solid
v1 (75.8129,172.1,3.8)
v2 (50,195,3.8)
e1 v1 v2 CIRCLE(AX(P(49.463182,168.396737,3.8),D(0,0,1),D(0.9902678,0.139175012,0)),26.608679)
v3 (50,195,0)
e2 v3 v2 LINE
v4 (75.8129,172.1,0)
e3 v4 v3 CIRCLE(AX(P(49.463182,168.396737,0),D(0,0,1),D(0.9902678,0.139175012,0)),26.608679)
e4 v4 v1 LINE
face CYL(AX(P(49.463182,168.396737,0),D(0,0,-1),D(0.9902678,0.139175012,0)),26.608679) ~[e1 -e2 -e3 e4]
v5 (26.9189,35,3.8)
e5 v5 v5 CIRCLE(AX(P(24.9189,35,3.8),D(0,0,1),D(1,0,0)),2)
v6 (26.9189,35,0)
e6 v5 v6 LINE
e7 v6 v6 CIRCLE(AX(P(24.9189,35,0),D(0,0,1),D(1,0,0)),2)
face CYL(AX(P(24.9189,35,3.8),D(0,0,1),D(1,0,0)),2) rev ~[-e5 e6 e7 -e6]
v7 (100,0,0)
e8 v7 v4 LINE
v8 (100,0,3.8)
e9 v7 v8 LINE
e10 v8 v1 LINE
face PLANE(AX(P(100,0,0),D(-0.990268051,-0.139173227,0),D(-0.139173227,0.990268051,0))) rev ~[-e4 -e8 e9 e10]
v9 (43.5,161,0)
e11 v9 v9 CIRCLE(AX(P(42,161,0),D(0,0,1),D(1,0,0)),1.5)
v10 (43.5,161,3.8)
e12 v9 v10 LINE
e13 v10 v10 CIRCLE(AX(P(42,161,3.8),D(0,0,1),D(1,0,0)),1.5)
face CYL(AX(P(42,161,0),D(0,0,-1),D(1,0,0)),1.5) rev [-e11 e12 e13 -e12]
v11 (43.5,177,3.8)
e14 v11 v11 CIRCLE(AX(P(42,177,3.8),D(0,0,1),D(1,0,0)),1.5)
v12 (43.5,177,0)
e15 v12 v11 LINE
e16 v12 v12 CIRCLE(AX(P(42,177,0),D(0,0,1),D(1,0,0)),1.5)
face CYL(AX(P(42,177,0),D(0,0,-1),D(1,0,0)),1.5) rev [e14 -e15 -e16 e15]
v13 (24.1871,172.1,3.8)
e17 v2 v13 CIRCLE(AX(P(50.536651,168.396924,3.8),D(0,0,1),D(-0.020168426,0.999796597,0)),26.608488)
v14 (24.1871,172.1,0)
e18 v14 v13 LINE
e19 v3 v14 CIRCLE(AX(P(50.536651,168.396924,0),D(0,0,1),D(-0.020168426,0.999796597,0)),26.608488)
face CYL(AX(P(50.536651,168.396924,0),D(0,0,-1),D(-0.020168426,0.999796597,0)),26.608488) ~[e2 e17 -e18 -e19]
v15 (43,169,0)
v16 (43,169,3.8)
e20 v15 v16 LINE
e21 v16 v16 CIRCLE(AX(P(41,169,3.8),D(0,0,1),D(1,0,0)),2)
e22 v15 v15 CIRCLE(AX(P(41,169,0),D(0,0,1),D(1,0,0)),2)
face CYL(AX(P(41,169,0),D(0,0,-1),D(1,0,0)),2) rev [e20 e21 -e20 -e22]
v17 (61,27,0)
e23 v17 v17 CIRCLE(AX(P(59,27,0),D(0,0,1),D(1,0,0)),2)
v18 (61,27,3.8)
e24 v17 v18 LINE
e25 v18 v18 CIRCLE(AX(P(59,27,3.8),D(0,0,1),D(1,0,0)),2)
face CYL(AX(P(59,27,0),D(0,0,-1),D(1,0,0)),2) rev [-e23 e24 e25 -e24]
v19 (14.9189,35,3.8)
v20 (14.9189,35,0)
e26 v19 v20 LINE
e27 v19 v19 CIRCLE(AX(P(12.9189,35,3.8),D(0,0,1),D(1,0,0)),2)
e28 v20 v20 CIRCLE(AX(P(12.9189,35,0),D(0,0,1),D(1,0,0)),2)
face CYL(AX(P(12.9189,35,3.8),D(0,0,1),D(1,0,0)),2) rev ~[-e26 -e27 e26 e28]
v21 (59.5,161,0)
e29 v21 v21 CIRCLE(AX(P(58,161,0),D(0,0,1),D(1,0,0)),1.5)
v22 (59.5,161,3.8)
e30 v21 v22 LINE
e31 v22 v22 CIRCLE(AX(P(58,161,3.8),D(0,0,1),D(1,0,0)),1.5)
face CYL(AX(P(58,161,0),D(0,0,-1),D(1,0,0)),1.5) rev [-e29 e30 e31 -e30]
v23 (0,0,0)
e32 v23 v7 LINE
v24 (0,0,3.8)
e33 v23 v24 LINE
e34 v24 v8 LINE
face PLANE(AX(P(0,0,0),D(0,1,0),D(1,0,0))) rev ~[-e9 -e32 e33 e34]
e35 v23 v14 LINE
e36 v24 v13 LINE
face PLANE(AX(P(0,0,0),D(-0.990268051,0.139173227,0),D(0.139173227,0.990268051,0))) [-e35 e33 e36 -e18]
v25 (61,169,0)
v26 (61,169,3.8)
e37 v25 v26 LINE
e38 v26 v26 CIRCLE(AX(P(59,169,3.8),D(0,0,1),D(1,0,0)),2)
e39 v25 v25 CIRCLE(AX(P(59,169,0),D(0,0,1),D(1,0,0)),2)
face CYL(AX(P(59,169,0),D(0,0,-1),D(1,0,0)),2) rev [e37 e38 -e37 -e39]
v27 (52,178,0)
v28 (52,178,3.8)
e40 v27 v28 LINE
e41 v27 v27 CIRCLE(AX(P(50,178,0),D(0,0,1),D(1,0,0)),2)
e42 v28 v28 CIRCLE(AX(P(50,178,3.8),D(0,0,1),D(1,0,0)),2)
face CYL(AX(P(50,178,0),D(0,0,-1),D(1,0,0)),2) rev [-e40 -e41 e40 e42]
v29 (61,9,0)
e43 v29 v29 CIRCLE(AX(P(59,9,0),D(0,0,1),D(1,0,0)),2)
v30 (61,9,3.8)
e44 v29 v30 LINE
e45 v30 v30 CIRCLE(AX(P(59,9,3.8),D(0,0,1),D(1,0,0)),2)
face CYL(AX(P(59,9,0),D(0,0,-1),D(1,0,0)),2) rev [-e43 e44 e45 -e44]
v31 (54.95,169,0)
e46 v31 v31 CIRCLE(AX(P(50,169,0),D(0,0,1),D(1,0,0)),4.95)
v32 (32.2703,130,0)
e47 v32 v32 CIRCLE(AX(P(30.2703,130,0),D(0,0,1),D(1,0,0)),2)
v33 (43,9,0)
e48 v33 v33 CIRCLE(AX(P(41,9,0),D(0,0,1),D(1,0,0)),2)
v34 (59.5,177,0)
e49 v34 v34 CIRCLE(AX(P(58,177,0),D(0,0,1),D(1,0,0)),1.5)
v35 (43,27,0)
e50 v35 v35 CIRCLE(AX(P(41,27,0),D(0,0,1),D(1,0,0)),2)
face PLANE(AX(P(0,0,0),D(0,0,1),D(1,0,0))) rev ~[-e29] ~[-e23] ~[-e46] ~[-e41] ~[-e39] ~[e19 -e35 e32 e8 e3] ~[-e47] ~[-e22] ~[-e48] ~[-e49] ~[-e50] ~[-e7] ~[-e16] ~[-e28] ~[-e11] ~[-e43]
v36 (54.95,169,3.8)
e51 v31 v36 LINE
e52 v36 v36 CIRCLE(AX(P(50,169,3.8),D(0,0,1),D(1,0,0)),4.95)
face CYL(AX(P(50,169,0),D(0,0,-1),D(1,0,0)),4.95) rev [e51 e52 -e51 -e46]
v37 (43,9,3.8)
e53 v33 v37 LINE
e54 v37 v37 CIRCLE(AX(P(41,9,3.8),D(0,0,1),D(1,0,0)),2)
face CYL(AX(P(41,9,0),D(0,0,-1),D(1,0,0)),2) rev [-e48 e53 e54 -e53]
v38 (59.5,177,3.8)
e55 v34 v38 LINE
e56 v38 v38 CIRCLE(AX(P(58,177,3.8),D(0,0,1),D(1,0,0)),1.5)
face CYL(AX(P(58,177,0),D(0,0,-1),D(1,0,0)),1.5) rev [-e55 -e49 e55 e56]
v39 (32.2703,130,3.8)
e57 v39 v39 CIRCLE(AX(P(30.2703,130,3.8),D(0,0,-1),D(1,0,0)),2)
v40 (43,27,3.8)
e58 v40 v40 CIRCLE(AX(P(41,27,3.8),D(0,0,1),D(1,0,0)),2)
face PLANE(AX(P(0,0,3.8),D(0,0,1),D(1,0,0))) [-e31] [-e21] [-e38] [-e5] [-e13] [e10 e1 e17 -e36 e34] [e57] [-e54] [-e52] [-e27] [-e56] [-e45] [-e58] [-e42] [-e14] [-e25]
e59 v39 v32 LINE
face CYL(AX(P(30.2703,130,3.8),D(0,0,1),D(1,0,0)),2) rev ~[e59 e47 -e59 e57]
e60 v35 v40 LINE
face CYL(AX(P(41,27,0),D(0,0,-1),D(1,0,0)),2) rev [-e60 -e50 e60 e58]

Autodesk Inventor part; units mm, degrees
ref_plane "YZ Plane" through (0, 0, 0) normal (1, 0, 0) x (0, 1, 0)
ref_plane "XZ Plane" through (0, 0, 0) normal (0, 1, 0) x (-1, 0, 0)
ref_plane "XY Plane" through (0, 0, 0) normal (0, 0, 1) x (1, 0, 0)
sketch "Sketch3" plane through (0, 0, 0) normal (0, 0, 1) x (1, 0, 0)
  line L0 (0, 0) -> (100, 0)
  line L1 (100, 0) -> (100, 195) construction
  line L2 (100, 195) -> (0, 195) construction
  line L3 (0, 195) -> (0, 0) construction
  line L4 (50, 0) -> (50, 169) construction
  circle A0 centre (50, 169) radius 4.95
  line L5 (42, 161) -> (58, 161) construction
  line L6 (58, 161) -> (58, 177) construction
  line L7 (58, 177) -> (42, 177) construction
  line L8 (42, 177) -> (42, 161) construction
  line L9 (42, 161) -> (58, 177) construction
  line L10 (58, 161) -> (42, 177) construction
  circle A1 centre (42, 177) radius 1.5
  circle A2 centre (58, 177) radius 1.5
  circle A3 centre (42, 161) radius 1.5
  circle A4 centre (58, 161) radius 1.5
  line L11 (0, 0) -> (24.1871, 172.1)
  line L12 (0, 0) -> (268.3215, 0) construction
  line L13 (100, 0) -> (75.8129, 172.1)
  line L14 (0, 172.1) -> (100, 172.1) construction
  arc A5 (50, 195) -> (24.1871, 172.1) centre (50.5367, 168.3968) ccw
  arc A6 (75.8129, 172.1) -> (50, 195) centre (49.4633, 168.3968) ccw
  line L15 (50, 169) -> (59, 169) construction
  line L16 (50, 169) -> (41, 169) construction
  circle A7 centre (59, 169) radius 2
  circle A8 centre (41, 169) radius 2
  line L17 (41, 9) -> (59, 9) construction
  line L18 (59, 9) -> (59, 27) construction
  line L19 (59, 27) -> (41, 27) construction
  line L20 (41, 27) -> (41, 9) construction
  line L21 (41, 9) -> (59, 27) construction
  line L22 (59, 9) -> (41, 27) construction
  circle A9 centre (41, 27) radius 2
  circle A10 centre (41, 9) radius 2
  circle A11 centre (59, 27) radius 2
  circle A12 centre (59, 9) radius 2
  line L23 (50, 169) -> (50, 178) construction
  circle A13 centre (50, 178) radius 2
  point P0 (37.3431, 265.7102)
  point P1 (62.6569, 265.7102)
  point P2 (50, 18)
  dimension "d3" = 100
  dimension "d4" = 195
  dimension "d5" = 169
  dimension "d6" = 9.9
  dimension "d7" = 16
  dimension "d8" = 16
  dimension "d9" = 3
  dimension "d10" = 3
  dimension "d11" = 3
  dimension "d12" = 3
  dimension "d13" = 82
  dimension "d14" = 22.9
  dimension "d15" = 9
  dimension "d16" = 4
  dimension "d17" = 18
  dimension "d18" = 18
  dimension "d19" = 9
  dimension "d20" = 4
  dimension "d21" = 4
  dimension "d24" = 9
  dimension "d25" = 4
extrude "Extrusion2" add sketch "Sketch3" along normal blind 3.8
sketch "Sketch5" plane through (0, 0, 3.8) normal (0, 0, 1) x (1, 0, 0)
  circle A0 centre (-58.4959, 27.4361) radius 16.3248
  point P0 (0, 0)
sketch "Sketch6" plane through (0, 0, 3.8) normal (0, 0, 1) x (1, 0, 0)
  line L0 (177.5374, 0) -> (-44.6048, 0) construction
  line L1 (173.8282, 35) -> (-48.3141, 35) construction
  circle A0 centre (12.9189, 35) radius 2
  circle A1 centre (24.9189, 35) radius 2
  line L2 (24.1871, 172.1) -> (0, 0) projected
  point P0 (4.9189, 35)
  dimension "d33" = 35
  dimension "d34" = 4
  dimension "d35" = 4
  dimension "d36" = 12
  dimension "d37" = 8
extrude "Extrusion3" cut sketch "Sketch6" against normal blind 10
sketch "Sketch7" plane through (0, 0, 3.8) normal (0, 0, 1) x (1, 0, 0)
  line L0 (0, 0) -> (115.508, 0) construction
  line L1 (0, 130) -> (115.508, 130)
  line L2 (24.1871, 172.1) -> (0, 0) projected
  circle A0 centre (30.2703, 130) radius 2
  point P0 (18.2703, 130)
  dimension "d40" = 130
  dimension "d41" = 4
  dimension "d42" = 12
extrude "Extrusion4" cut sketch "Sketch7" against normal blind 10
equation "\"d25\" = d16"
properties part number "Columna" material "PMMA Plastic"
